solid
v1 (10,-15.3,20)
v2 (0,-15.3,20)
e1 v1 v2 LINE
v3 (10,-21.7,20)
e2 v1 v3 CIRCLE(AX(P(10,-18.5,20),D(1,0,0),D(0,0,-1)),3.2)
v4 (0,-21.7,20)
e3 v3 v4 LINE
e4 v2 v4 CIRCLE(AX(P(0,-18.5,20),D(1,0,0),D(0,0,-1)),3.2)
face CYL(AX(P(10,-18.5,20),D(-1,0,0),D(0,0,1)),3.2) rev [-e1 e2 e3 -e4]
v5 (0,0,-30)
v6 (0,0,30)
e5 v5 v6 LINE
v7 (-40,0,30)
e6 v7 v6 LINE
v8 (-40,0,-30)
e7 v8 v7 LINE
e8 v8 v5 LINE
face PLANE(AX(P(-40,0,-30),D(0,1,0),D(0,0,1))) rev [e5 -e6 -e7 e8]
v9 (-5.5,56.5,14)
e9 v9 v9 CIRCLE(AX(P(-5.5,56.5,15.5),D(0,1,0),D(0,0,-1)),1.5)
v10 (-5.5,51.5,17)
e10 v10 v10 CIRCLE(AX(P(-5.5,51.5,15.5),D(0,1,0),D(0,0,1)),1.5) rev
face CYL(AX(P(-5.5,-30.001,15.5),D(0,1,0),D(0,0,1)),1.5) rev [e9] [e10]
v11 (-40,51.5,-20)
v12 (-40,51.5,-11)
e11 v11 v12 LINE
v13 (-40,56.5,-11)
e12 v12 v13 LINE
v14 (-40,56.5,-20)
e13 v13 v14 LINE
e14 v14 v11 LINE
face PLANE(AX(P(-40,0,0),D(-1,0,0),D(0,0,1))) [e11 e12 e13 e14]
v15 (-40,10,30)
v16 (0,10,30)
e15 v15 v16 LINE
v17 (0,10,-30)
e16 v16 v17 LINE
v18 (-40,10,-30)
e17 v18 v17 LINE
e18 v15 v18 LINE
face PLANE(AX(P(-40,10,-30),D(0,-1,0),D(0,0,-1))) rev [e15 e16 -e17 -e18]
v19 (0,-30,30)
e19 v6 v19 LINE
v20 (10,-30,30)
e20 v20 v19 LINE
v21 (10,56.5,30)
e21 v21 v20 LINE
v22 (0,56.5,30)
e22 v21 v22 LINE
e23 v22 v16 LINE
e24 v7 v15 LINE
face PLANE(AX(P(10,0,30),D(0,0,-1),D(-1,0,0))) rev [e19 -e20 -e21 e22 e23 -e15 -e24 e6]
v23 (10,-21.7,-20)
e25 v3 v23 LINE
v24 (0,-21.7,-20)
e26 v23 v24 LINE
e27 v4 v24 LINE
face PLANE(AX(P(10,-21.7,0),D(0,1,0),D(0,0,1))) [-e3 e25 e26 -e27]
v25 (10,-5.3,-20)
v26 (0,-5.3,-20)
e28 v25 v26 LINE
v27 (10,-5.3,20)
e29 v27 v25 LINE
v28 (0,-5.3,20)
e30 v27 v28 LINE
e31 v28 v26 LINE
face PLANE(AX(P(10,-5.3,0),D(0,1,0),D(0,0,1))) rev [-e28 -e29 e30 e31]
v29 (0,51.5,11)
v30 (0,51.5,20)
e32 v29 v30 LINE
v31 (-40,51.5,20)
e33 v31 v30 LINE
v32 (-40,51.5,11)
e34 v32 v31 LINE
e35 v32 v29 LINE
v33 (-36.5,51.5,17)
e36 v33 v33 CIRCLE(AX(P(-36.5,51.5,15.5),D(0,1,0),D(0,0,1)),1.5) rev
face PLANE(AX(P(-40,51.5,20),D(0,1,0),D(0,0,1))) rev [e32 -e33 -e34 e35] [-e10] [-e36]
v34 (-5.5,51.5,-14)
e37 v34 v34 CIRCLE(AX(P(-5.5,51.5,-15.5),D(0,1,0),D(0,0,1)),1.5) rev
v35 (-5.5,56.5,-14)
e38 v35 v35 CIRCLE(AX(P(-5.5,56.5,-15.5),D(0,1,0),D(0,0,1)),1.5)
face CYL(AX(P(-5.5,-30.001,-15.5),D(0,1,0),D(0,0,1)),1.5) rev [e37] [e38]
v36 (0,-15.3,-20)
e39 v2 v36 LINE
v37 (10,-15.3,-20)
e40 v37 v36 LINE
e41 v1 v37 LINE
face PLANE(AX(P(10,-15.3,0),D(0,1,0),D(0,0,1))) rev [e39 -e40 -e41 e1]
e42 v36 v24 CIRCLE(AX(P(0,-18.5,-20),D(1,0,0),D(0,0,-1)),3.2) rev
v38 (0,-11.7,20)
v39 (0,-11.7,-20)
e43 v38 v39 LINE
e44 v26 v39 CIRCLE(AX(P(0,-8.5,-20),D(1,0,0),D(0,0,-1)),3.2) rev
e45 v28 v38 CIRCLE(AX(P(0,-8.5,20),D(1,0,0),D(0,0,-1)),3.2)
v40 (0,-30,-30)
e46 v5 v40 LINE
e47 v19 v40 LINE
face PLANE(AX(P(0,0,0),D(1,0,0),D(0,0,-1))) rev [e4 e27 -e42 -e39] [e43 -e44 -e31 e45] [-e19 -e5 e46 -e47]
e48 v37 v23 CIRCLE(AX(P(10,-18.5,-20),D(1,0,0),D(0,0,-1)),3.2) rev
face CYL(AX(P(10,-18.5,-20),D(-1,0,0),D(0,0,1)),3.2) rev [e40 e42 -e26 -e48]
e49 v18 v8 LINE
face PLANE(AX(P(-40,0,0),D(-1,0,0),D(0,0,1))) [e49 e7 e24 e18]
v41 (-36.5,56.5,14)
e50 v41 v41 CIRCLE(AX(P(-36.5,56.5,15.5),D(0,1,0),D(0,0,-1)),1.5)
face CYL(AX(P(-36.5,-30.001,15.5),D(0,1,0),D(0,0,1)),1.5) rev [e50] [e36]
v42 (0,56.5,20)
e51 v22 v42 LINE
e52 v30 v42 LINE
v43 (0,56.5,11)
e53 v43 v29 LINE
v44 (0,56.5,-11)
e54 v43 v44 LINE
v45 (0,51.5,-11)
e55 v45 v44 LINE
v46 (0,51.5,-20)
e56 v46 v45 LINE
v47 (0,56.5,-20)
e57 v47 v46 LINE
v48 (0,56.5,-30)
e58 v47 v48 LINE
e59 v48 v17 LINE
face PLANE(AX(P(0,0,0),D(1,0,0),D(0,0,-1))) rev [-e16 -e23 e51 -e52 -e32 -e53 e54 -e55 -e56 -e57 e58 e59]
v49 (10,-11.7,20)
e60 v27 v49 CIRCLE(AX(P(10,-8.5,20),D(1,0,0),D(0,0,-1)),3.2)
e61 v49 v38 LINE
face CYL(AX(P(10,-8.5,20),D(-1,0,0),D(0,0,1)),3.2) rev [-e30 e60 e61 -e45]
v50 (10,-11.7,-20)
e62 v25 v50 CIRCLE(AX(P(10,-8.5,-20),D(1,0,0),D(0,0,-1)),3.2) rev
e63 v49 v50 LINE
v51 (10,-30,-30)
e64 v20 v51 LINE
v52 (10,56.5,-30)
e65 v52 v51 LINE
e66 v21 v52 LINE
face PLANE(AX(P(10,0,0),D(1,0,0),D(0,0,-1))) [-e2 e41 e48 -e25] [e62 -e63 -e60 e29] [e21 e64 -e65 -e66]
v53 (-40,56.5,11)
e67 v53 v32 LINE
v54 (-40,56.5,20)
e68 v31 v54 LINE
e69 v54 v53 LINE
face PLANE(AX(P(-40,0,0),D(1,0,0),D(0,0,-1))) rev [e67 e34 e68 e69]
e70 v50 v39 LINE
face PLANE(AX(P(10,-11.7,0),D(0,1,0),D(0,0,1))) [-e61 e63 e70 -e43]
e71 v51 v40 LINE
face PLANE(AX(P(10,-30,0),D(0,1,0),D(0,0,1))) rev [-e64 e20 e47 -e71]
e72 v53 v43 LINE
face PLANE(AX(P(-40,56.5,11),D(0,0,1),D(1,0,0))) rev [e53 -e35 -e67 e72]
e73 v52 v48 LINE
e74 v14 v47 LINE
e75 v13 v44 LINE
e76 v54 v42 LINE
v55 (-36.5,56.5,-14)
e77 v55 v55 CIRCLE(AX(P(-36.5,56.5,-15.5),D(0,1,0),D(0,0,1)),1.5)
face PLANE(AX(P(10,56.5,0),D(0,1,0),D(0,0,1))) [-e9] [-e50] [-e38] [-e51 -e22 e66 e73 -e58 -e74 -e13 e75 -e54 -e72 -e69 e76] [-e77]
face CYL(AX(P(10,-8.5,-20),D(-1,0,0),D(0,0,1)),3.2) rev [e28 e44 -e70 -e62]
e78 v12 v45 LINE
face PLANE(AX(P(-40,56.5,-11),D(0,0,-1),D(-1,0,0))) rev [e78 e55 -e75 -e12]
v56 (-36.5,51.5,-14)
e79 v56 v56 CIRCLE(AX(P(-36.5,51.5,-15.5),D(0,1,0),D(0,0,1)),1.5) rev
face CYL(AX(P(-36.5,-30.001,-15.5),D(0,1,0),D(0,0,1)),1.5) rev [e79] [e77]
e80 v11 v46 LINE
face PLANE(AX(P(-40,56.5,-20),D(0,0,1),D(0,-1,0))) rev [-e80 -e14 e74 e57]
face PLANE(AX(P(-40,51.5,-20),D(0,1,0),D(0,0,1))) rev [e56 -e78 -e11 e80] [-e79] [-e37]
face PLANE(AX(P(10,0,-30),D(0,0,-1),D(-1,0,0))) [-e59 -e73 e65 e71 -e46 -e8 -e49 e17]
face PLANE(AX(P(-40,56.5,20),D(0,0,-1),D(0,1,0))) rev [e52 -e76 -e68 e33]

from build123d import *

# Parameters (mm, degrees)
SKETCH1_W           = 60
SKETCH1_H           = 56.5
SKETCH1_H_2         = 30
BOSS_EXTRUDE1_DEPTH = 10
SKETCH3_W           = 60
SKETCH3_H           = 10
BOSS_EXTRUDE2_DEPTH = 40
SKETCH4_W           = 9
SKETCH4_H           = 5
BOSS_EXTRUDE3_DEPTH = 40
CUT_EXTRUDE1_REACH  = 88.5
SKETCH5_R           = 1.5


with BuildPart() as part:
    # Sketch1 → Boss-Extrude1 (new body)
    with BuildSketch(Plane(origin=(0, 0, 0), x_dir=(0, 0, -1), z_dir=(1, 0, 0))):
        with Locations((0, 28.25)):
            Rectangle(SKETCH1_W, SKETCH1_H)
        with Locations((0, -15)):
            Rectangle(SKETCH1_W, SKETCH1_H_2)
        with BuildLine():
            ThreePointArc((-20, -21.7), (-23.2, -18.5), (-20, -15.3))
            Line((-20, -15.3), (20, -15.3))
            ThreePointArc((20, -15.3), (22.2627417, -16.2372583), (23.2, -18.5))
            ThreePointArc((23.2, -18.5), (22.2627417, -20.7627417), (20, -21.7))
            Line((20, -21.7), (-20, -21.7))
        make_face(mode=Mode.SUBTRACT)
        with BuildLine():
            ThreePointArc((-20, -11.7), (-23.2, -8.5), (-20, -5.3))
            Line((-20, -5.3), (20, -5.3))
            ThreePointArc((20, -5.3), (22.2627417, -6.2372583), (23.2, -8.5))
            ThreePointArc((23.2, -8.5), (22.2627417, -10.7627417), (20, -11.7))
            Line((20, -11.7), (-20, -11.7))
        make_face(mode=Mode.SUBTRACT)
    extrude(amount=BOSS_EXTRUDE1_DEPTH)

    # Sketch3 → Boss-Extrude2 (add)
    with BuildSketch(Plane.ZY):
        with Locations((0, 5)):
            Rectangle(SKETCH3_W, SKETCH3_H)
    extrude(amount=BOSS_EXTRUDE2_DEPTH)

    # Sketch4 → Boss-Extrude3 (add)
    with BuildSketch(Plane.ZY):
        with Locations((-15.5, 54)):
            Rectangle(SKETCH4_W, SKETCH4_H)
        with Locations((15.5, 54)):
            Rectangle(SKETCH4_W, SKETCH4_H)
    extrude(amount=BOSS_EXTRUDE3_DEPTH)

    # Sketch5 → Cut-Extrude1 (cut, up to next)
    with BuildSketch(Plane(origin=(0, 56.5, 0), x_dir=(1, 0, 0), z_dir=(0, 1, 0)), mode=Mode.PRIVATE) as cut_extrude1_sk1:
        with Locations((-5.5, 15.5)):
            Circle(SKETCH5_R)
    cut_extrude1_tool1 = extrude(cut_extrude1_sk1.sketch, amount=-CUT_EXTRUDE1_REACH, mode=Mode.PRIVATE) & part.part
    add(cut_extrude1_tool1.solids().sort_by_distance((-5.5, 56.5, -15.5))[0], mode=Mode.SUBTRACT)
    # Sketch5 → Cut-Extrude1 (cut, up to next)
    with BuildSketch(Plane(origin=(0, 56.5, 0), x_dir=(1, 0, 0), z_dir=(0, 1, 0)), mode=Mode.PRIVATE) as cut_extrude1_sk2:
        with Locations((-36.5, 15.5)):
            Circle(SKETCH5_R)
    cut_extrude1_tool2 = extrude(cut_extrude1_sk2.sketch, amount=-CUT_EXTRUDE1_REACH, mode=Mode.PRIVATE) & part.part
    add(cut_extrude1_tool2.solids().sort_by_distance((-36.5, 56.5, -15.5))[0], mode=Mode.SUBTRACT)
    # Sketch5 → Cut-Extrude1 (cut, up to next)
    with BuildSketch(Plane(origin=(0, 56.5, 0), x_dir=(1, 0, 0), z_dir=(0, 1, 0)), mode=Mode.PRIVATE) as cut_extrude1_sk3:
        with Locations((-5.5, -15.5)):
            Circle(SKETCH5_R)
    cut_extrude1_tool3 = extrude(cut_extrude1_sk3.sketch, amount=-CUT_EXTRUDE1_REACH, mode=Mode.PRIVATE) & part.part
    add(cut_extrude1_tool3.solids().sort_by_distance((-5.5, 56.5, 15.5))[0], mode=Mode.SUBTRACT)
    # Sketch5 → Cut-Extrude1 (cut, up to next)
    with BuildSketch(Plane(origin=(0, 56.5, 0), x_dir=(1, 0, 0), z_dir=(0, 1, 0)), mode=Mode.PRIVATE) as cut_extrude1_sk4:
        with Locations((-36.5, -15.5)):
            Circle(SKETCH5_R)
    cut_extrude1_tool4 = extrude(cut_extrude1_sk4.sketch, amount=-CUT_EXTRUDE1_REACH, mode=Mode.PRIVATE) & part.part
    add(cut_extrude1_tool4.solids().sort_by_distance((-36.5, 56.5, 15.5))[0], mode=Mode.SUBTRACT)


solid = part.part
